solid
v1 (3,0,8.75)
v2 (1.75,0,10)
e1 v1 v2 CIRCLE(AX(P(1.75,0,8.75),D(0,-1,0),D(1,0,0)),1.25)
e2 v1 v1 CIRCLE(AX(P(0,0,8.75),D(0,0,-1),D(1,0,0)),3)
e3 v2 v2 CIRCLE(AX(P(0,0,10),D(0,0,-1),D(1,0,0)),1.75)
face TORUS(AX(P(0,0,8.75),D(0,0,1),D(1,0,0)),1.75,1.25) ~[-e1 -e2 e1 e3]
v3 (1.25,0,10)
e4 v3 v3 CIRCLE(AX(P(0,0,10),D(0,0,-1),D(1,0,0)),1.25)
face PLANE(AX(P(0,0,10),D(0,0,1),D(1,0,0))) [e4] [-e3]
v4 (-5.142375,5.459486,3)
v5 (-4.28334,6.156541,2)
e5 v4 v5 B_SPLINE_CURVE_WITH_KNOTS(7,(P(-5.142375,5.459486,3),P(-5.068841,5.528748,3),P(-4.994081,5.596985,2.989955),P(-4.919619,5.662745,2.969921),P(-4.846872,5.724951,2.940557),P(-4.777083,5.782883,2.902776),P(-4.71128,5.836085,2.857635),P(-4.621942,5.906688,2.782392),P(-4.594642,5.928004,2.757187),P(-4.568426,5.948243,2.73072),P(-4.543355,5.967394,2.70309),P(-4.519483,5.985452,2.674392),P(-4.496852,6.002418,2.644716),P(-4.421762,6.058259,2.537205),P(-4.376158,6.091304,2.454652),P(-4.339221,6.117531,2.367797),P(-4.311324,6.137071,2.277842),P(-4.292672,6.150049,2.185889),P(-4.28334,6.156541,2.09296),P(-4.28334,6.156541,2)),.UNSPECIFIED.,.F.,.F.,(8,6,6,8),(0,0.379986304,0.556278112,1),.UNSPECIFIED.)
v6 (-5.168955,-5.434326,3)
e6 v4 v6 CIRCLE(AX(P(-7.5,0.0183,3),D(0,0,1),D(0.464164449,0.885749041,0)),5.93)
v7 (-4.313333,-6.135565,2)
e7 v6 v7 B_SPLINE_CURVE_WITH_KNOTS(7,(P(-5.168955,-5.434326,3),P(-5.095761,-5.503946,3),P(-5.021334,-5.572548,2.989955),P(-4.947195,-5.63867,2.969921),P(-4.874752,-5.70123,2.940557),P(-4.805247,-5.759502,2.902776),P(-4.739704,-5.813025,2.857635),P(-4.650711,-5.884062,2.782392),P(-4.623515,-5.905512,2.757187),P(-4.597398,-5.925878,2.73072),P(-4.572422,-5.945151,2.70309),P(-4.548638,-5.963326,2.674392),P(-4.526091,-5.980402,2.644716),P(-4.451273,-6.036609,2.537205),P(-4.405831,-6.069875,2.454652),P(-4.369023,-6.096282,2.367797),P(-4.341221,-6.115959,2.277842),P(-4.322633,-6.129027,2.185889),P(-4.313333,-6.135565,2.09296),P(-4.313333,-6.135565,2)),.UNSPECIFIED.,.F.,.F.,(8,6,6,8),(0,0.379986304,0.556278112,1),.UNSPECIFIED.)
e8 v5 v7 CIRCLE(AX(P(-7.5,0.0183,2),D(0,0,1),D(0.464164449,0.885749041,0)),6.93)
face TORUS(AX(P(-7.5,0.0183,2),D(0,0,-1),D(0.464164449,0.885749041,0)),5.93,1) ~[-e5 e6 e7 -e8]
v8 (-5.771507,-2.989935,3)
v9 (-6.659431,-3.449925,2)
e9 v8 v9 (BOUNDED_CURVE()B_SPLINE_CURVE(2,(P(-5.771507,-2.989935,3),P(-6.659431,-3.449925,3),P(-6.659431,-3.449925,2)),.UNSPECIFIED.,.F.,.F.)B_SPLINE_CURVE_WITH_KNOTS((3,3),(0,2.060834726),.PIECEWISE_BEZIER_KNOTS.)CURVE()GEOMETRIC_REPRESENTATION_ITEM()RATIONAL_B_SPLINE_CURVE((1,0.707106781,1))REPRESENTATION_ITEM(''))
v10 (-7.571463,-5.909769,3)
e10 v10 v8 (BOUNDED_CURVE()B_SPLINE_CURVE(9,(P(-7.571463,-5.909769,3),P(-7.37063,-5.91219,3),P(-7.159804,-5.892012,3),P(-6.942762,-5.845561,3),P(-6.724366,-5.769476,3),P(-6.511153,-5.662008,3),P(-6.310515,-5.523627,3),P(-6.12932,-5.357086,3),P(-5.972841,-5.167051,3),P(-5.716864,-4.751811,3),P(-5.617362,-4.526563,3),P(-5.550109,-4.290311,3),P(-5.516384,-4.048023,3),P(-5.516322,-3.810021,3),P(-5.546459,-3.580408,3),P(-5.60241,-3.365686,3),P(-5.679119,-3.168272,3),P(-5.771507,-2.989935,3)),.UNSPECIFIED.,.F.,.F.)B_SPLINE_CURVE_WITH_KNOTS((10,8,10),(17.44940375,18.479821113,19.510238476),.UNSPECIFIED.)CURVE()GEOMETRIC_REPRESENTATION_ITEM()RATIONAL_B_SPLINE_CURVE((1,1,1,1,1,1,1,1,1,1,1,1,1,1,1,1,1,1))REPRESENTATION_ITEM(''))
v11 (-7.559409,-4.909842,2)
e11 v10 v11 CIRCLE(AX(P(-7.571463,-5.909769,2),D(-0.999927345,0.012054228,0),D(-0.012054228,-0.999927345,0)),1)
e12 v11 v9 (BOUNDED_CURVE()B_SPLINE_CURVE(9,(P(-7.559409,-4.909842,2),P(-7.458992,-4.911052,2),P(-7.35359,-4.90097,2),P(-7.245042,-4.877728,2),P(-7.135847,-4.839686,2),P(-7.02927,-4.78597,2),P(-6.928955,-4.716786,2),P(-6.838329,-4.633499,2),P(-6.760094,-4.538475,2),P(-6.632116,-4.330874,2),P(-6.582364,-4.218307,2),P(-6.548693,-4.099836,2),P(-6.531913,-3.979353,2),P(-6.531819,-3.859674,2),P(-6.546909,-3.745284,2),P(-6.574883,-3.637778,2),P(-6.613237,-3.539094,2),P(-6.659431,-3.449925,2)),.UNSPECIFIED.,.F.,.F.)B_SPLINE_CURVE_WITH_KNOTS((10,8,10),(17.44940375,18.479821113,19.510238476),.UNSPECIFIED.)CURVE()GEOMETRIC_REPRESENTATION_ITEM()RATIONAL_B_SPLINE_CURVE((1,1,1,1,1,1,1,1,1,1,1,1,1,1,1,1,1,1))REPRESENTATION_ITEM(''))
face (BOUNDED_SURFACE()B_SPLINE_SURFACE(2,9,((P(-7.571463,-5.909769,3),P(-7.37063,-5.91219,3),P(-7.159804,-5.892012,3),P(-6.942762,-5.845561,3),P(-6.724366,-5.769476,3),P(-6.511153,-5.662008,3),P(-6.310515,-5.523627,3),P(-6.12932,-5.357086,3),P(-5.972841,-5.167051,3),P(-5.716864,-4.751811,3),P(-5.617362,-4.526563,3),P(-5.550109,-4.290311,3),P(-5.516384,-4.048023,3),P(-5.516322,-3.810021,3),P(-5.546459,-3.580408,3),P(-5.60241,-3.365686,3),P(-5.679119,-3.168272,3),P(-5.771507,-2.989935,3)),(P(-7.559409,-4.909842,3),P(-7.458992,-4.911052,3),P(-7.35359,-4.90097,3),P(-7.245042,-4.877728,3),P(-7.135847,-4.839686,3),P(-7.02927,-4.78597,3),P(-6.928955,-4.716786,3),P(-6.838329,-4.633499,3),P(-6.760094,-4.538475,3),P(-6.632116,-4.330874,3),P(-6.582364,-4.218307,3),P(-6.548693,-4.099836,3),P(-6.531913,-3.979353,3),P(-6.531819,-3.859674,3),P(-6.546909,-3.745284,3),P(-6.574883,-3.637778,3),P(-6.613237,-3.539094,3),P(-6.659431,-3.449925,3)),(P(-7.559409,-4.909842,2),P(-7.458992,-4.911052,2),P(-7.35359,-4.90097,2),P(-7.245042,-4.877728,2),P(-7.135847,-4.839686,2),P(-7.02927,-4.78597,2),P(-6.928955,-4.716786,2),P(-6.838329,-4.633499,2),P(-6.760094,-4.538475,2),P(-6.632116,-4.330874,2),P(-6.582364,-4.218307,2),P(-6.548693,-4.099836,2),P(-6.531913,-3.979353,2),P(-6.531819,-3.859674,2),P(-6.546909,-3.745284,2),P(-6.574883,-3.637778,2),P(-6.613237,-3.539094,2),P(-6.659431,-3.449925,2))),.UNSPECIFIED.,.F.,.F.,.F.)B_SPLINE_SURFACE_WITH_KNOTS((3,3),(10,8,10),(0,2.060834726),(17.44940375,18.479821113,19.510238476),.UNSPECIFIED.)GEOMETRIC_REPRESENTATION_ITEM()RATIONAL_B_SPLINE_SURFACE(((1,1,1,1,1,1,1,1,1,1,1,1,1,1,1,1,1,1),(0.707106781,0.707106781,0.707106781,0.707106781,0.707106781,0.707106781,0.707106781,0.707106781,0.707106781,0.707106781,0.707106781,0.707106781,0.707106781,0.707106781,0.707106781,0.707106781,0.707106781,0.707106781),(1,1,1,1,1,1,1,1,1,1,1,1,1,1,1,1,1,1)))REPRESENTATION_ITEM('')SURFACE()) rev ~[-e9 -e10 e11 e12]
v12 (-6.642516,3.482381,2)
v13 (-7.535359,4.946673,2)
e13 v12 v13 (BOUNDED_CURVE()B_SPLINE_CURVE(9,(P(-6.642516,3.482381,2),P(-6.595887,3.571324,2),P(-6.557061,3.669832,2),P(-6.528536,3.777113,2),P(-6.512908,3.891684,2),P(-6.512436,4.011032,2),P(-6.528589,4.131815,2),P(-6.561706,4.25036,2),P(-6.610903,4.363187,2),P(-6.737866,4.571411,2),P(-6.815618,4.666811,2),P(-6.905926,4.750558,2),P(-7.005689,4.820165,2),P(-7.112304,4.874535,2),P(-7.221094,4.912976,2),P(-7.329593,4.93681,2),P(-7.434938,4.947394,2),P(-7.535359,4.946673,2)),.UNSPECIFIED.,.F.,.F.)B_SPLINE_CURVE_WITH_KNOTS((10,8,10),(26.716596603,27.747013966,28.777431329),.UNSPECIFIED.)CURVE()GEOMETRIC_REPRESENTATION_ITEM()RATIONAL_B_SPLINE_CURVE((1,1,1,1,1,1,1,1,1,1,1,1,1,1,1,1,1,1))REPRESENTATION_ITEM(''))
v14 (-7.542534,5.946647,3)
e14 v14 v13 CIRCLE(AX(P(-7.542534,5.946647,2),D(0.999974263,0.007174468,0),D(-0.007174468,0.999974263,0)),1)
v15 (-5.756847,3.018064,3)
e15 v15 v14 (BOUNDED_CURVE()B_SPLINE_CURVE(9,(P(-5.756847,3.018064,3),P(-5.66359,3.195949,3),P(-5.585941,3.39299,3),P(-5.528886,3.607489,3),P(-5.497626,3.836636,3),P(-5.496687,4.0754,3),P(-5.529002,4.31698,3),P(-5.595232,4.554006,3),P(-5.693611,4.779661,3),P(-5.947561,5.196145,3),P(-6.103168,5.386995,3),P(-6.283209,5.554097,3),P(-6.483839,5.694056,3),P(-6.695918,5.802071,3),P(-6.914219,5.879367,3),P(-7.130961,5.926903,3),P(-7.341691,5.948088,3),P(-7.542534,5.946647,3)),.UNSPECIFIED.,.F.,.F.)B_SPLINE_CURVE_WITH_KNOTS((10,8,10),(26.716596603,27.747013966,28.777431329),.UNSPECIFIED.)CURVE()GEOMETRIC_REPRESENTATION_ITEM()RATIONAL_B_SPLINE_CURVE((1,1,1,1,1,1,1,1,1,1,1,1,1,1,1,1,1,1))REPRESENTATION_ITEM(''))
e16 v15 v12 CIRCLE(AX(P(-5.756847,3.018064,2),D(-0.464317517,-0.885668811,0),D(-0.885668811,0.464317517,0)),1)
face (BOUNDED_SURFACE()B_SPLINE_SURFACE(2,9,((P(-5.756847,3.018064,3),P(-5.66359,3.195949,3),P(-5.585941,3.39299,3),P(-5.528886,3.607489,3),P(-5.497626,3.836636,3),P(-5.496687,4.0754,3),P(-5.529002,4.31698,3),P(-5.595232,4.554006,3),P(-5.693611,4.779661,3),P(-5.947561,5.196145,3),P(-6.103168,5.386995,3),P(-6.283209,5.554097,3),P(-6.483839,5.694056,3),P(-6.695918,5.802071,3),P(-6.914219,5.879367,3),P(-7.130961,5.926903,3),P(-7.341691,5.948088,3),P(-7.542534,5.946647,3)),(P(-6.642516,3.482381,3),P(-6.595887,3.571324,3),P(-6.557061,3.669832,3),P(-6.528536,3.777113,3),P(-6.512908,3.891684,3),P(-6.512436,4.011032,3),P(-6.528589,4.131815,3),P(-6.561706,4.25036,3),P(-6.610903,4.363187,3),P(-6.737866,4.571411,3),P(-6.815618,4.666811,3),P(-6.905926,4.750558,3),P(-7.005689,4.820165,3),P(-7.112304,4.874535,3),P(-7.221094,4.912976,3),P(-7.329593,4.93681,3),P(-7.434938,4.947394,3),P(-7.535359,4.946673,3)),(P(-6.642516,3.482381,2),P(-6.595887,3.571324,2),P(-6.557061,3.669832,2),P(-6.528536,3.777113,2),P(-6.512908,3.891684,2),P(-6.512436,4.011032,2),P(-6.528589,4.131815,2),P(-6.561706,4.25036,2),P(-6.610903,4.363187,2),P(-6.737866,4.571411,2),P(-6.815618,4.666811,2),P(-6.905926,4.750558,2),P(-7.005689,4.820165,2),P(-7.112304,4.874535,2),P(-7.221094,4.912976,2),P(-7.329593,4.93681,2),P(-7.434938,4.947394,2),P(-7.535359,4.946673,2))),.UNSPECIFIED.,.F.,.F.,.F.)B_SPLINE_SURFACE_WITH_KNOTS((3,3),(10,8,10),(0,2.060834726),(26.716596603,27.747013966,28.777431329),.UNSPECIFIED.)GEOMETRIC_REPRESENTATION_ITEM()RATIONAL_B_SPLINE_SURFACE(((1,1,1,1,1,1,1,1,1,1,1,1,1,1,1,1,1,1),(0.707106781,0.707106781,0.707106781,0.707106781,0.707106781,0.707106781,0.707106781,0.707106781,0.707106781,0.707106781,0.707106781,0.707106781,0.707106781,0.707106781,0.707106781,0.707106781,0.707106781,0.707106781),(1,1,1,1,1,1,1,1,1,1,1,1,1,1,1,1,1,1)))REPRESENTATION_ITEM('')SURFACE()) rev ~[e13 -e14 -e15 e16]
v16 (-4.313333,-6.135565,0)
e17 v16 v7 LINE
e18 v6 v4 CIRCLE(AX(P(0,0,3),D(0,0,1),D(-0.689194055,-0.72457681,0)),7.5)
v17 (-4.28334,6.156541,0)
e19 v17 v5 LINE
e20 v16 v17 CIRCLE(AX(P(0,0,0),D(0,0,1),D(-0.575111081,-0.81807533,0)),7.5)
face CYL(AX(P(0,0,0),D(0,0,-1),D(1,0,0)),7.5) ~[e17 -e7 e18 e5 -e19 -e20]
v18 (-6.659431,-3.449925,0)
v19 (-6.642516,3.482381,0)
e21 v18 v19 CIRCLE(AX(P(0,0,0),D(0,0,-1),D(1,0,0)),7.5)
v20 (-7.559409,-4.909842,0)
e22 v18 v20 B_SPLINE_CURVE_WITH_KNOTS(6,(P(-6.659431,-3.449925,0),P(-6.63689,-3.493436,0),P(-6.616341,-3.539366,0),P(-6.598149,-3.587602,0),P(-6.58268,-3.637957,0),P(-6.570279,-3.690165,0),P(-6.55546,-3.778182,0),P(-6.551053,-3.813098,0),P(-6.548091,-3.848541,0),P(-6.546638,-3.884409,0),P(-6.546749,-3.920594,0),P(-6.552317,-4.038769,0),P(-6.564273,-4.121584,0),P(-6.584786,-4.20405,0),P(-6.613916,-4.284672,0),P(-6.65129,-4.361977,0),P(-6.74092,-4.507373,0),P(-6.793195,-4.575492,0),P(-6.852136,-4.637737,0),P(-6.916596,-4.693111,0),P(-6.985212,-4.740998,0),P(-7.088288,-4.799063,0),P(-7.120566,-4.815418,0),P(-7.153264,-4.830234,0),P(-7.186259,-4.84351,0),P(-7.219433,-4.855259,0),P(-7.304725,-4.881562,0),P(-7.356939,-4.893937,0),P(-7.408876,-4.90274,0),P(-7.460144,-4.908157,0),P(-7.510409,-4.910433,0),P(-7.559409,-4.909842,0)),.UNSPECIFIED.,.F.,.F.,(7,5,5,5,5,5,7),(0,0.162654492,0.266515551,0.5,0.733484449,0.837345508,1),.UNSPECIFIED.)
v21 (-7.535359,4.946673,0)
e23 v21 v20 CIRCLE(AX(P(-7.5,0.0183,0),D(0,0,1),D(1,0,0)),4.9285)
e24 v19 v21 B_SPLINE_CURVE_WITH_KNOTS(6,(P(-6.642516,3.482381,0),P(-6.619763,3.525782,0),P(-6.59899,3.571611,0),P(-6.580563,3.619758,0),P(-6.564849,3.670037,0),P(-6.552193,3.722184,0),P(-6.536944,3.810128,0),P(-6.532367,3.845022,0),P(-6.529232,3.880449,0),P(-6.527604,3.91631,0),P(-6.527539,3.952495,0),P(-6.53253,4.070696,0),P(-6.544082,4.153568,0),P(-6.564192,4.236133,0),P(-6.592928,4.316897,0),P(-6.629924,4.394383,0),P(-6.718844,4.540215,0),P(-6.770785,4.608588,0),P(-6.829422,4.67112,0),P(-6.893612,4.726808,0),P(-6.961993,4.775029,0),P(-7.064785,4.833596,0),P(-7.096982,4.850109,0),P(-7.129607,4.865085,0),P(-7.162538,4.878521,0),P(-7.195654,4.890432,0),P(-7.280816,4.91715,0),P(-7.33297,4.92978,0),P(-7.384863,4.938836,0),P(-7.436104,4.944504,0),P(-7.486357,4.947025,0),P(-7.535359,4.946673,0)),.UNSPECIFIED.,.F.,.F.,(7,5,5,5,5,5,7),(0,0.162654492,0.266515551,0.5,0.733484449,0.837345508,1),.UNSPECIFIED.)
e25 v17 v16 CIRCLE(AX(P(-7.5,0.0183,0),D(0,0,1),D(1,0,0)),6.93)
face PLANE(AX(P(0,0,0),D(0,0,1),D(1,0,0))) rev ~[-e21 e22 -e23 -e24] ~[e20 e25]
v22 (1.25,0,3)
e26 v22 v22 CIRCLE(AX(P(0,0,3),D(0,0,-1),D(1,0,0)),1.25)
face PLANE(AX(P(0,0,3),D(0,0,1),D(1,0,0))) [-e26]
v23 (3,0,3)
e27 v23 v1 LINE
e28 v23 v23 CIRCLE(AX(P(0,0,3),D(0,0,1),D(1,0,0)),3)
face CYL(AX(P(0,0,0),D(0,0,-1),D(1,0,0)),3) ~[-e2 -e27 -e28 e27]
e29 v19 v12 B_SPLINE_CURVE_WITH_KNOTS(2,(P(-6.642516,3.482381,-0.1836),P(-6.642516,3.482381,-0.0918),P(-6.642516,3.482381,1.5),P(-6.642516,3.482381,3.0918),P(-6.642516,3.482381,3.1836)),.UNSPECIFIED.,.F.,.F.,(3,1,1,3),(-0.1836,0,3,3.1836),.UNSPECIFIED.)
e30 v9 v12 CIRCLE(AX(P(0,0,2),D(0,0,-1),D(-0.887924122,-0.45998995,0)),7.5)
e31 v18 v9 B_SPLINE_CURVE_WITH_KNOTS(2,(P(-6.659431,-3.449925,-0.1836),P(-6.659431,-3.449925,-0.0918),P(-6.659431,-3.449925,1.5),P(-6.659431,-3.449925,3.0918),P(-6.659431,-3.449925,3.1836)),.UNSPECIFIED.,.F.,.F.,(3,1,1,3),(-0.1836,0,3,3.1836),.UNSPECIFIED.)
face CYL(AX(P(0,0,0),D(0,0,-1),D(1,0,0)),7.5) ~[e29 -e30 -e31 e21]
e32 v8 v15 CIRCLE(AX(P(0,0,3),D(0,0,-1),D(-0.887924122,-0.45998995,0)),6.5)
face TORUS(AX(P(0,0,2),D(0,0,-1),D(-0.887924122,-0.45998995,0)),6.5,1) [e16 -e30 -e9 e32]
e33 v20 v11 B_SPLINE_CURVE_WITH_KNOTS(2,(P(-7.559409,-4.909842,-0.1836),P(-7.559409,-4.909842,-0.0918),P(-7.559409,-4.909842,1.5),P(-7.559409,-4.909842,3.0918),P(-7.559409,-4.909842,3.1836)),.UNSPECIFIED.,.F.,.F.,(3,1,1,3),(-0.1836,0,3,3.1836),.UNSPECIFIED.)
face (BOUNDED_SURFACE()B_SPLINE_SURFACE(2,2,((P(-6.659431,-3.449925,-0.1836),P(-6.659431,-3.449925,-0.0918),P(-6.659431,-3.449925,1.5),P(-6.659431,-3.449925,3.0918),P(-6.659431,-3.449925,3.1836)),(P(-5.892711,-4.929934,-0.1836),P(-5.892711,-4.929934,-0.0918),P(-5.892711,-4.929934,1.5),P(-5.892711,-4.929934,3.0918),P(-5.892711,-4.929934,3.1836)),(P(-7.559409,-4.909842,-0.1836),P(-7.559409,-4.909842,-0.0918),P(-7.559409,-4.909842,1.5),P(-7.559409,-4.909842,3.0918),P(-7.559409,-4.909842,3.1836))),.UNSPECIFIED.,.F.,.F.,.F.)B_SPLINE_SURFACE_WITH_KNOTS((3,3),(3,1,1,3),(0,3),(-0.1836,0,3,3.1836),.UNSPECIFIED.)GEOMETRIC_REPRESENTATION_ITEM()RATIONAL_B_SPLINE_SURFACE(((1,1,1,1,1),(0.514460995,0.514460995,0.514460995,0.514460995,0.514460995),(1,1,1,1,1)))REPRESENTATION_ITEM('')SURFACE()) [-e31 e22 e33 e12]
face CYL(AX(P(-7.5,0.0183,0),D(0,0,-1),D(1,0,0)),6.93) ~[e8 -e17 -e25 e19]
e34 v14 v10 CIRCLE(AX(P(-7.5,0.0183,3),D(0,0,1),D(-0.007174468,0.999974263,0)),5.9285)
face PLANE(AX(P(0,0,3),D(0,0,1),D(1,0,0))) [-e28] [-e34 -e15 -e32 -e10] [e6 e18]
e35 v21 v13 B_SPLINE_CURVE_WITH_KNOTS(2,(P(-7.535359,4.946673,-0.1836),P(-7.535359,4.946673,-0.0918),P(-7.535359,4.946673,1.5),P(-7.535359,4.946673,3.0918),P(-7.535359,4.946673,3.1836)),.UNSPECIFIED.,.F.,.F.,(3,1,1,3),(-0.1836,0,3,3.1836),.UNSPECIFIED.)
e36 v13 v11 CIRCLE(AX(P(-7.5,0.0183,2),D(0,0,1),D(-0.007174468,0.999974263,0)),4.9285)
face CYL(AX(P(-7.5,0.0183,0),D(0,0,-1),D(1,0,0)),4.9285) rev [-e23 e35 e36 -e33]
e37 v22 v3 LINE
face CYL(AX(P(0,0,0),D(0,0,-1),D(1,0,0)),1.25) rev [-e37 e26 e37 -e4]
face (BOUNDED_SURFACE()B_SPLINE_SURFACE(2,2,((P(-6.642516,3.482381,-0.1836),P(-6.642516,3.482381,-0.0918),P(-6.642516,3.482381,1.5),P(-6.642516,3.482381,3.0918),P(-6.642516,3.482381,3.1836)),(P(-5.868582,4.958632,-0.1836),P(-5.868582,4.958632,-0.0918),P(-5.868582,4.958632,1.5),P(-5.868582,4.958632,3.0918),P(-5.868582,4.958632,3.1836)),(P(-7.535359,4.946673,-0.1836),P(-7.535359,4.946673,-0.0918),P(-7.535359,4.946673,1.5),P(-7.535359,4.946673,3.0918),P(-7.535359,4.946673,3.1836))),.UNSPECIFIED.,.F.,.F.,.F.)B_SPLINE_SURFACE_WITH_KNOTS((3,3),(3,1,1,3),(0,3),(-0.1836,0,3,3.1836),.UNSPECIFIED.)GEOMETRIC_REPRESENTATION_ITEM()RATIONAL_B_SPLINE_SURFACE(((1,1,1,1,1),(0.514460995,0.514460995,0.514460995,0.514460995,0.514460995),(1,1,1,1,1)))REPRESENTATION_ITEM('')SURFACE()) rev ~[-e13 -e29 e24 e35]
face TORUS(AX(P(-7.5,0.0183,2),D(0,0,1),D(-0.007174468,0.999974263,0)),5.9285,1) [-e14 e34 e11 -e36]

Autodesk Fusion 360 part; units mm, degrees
sketch "Sketch1" plane through (0, 0, 0) normal (0, 0, 1) x (1, 0, 0)
  circle A0 centre (0, 0) radius 3
  circle A1 centre (0, 0) radius 1.25
  circle A2 centre (0, 0) radius 7.5
  circle A3 centre (-7.5, 0.0183) radius 6.93
  circle A4 centre (-7.5, 0.0183) radius 4.9285
  dimension "d1" = 6
  dimension "d2" = 2.5
  dimension "d3" = 15
extrude "Extrude1" add sketch "Sketch1" along normal blind 10 contours A0 A1 A3 | A0 A1 A3 A4 | A0 A4
extrude "Extrude2" add sketch "Sketch1" along normal blind 3 contours A0 A2 A3 | A0 A2 A3 A4 | A0 A2 A3 A4 | A0 A2 A4 | A1 A3 | A1 A3
fillet "Fillet1" radius 1.25 1 edges at (-2.797, -1.0848, 10)
extrude "Extrude3" add sketch "Sketch1" along normal blind 3 contours A2 A3 A4
fillet "Fillet2" radius 1 2 edges at (-5.892, -4.6405, 1.5) (-5.8693, 4.6692, 1.5)
fillet "Fillet3" radius 1 4 edges at (-6.6744, 4.4673, 3) (-12.4284, 0.0303, 3) (-6.6961, -4.4347, 3) (-7.5, 0.0183, 3)
fillet "Fillet4" radius 1 1 edges at (-14.43, 0.0352, 3)
